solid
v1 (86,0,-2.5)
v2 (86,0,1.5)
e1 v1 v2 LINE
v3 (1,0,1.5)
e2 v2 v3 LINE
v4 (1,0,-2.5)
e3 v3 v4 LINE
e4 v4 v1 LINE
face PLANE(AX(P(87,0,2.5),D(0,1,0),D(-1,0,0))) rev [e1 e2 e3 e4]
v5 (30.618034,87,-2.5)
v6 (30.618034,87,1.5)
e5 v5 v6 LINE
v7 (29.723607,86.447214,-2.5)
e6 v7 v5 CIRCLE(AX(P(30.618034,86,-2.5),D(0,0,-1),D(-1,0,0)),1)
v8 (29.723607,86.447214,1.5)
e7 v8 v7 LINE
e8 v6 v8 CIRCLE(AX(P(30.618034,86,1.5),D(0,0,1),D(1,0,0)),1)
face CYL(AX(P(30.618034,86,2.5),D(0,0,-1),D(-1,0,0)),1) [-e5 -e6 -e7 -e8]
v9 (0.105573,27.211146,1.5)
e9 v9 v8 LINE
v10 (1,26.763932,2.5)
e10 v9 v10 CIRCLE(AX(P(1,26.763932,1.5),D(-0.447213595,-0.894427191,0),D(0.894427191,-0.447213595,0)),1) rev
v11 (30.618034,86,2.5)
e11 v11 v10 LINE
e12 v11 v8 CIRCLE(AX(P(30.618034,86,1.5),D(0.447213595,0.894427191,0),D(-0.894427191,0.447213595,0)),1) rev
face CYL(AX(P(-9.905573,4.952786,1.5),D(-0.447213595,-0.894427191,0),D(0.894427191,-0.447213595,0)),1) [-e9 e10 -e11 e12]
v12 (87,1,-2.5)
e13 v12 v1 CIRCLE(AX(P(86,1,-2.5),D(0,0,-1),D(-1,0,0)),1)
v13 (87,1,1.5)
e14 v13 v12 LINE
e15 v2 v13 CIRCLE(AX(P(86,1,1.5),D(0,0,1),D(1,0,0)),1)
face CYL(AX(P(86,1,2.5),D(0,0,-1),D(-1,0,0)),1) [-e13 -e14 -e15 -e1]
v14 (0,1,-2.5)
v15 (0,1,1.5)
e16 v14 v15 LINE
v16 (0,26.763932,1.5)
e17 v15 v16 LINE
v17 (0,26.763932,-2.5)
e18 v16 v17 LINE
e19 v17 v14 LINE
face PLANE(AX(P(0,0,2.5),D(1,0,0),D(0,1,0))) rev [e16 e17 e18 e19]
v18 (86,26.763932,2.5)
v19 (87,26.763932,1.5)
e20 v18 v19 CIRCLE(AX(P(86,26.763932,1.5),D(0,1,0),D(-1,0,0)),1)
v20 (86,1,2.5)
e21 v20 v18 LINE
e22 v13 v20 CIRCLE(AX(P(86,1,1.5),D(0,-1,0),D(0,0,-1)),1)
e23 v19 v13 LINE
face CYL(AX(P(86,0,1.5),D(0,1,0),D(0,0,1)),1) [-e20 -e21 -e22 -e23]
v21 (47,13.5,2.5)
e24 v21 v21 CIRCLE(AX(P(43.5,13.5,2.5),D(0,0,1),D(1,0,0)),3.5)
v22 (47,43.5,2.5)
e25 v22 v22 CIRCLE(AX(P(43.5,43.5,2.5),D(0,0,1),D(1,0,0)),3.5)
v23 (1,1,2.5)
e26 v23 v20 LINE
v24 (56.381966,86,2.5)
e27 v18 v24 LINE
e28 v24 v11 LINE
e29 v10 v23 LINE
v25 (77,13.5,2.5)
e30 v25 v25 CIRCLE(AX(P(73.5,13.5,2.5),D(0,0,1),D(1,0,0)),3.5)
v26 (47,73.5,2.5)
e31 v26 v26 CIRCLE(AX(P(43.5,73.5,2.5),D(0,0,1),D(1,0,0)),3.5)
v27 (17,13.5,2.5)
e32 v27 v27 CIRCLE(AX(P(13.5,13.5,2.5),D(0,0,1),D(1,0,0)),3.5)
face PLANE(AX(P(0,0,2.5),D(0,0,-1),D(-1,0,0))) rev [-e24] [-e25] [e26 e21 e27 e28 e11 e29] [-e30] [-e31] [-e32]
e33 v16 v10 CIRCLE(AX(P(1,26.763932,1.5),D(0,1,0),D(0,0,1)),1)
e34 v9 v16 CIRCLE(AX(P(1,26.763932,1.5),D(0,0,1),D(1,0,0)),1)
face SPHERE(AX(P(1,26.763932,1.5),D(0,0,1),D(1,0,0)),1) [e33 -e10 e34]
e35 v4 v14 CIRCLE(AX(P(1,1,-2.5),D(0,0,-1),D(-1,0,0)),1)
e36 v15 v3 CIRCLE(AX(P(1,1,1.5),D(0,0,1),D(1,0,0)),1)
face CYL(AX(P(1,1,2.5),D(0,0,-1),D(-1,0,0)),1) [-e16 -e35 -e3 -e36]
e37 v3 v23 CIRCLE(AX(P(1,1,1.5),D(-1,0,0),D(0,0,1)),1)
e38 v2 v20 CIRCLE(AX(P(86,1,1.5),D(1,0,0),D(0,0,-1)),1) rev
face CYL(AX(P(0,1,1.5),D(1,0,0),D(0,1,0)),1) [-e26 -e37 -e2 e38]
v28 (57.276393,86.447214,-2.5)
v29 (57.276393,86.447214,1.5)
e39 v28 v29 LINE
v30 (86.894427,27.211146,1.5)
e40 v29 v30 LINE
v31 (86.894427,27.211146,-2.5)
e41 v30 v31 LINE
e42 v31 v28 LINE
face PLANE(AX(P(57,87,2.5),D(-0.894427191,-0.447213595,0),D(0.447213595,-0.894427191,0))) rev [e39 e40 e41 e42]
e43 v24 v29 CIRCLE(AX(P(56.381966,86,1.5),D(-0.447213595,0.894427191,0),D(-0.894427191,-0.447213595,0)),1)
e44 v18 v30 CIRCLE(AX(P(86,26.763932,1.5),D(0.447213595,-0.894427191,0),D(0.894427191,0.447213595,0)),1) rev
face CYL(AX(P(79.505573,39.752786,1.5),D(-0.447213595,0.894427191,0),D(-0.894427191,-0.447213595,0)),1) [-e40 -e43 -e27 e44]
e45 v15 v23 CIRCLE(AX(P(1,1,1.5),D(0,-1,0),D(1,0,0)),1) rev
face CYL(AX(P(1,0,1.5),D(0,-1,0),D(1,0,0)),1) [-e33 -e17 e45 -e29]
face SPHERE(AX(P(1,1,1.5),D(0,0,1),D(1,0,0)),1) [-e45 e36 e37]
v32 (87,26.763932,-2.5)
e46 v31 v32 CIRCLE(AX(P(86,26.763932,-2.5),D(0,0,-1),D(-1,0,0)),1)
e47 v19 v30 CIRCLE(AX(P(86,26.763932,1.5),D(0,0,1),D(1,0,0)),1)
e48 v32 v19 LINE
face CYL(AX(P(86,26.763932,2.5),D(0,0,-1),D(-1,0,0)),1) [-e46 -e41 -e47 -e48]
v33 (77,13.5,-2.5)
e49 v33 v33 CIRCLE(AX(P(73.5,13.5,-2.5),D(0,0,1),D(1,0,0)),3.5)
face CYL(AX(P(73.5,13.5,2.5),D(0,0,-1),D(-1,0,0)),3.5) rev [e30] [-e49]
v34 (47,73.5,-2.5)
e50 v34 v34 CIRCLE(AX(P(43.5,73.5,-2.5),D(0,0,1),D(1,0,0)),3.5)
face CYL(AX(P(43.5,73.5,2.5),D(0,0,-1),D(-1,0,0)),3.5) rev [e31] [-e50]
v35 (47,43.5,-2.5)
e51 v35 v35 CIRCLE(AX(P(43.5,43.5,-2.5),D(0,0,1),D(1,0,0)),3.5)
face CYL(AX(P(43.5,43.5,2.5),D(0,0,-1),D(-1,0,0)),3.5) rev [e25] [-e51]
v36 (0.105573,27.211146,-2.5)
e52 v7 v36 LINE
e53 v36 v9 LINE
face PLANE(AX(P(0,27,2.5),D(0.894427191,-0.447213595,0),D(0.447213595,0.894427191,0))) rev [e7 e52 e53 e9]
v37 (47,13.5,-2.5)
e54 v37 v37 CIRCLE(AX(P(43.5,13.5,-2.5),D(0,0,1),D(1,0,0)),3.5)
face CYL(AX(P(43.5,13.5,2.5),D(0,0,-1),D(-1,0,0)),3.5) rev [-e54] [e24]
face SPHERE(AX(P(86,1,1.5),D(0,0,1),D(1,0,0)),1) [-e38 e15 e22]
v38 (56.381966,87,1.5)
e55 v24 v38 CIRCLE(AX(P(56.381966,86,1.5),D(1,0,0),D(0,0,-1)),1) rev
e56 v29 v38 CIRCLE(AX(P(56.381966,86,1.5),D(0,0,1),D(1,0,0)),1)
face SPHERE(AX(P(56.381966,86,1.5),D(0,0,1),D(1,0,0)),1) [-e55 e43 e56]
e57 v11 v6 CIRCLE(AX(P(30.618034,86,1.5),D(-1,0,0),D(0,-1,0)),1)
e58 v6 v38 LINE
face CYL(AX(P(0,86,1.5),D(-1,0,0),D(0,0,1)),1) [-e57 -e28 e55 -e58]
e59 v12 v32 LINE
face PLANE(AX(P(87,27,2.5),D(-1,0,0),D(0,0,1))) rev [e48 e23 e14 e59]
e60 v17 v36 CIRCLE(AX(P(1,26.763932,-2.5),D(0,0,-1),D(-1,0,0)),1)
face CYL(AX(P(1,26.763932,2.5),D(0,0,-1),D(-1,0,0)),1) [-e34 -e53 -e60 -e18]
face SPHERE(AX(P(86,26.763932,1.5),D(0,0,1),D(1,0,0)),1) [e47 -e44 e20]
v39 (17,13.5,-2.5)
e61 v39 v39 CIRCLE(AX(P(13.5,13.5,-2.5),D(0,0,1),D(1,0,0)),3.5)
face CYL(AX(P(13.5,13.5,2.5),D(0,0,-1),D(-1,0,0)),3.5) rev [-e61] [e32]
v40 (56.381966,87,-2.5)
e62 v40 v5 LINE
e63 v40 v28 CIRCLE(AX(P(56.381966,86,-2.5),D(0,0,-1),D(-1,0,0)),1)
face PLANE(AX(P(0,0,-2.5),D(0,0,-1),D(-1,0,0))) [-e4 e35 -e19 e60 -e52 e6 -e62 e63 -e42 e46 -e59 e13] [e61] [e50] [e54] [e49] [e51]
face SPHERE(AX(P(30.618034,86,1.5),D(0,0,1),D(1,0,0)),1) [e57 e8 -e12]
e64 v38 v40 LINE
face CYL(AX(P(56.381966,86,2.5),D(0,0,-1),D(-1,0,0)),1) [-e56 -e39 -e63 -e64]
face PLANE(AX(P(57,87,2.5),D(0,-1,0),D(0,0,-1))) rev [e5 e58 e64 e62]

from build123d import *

# Parameters (mm, degrees)
SKETCH1_R           = 3.5
BOSS_EXTRUDE1_DEPTH = 2.5
FILLET1_R           = 1


with BuildPart() as part:
    # Sketch1 → Boss-Extrude1 (new body, symmetric)
    with BuildSketch(Plane.XY):
        Polygon((0, 0), (0, 27), (30, 87), (57, 87), (87, 27), (87, 0), align=None)
        with Locations((13.5, 13.5)):
            Circle(SKETCH1_R, mode=Mode.SUBTRACT)
        with Locations((43.5, 13.5)):
            Circle(SKETCH1_R, mode=Mode.SUBTRACT)
        with Locations((73.5, 13.5)):
            Circle(SKETCH1_R, mode=Mode.SUBTRACT)
        with Locations((43.5, 43.5)):
            Circle(SKETCH1_R, mode=Mode.SUBTRACT)
        with Locations((43.5, 73.5)):
            Circle(SKETCH1_R, mode=Mode.SUBTRACT)
    extrude(amount=BOSS_EXTRUDE1_DEPTH, both=True)

    # Fillet1
    fillet1_edges = [part.edges().sort_by_distance(p)[0] for p in [
        (72, 57, 2.5),
        (0, 0, 0),
        (0, 27, 0),
        (30, 87, 0),
        (57, 87, 0),
        (87, 27, 0),
        (87, 0, 0),
        (43.5, 87, 2.5),
        (15, 57, 2.5),
        (0, 13.5, 2.5),
        (43.5, 0, 2.5),
        (87, 13.5, 2.5),
    ]]
    fillet(fillet1_edges, radius=FILLET1_R)


solid = part.part
